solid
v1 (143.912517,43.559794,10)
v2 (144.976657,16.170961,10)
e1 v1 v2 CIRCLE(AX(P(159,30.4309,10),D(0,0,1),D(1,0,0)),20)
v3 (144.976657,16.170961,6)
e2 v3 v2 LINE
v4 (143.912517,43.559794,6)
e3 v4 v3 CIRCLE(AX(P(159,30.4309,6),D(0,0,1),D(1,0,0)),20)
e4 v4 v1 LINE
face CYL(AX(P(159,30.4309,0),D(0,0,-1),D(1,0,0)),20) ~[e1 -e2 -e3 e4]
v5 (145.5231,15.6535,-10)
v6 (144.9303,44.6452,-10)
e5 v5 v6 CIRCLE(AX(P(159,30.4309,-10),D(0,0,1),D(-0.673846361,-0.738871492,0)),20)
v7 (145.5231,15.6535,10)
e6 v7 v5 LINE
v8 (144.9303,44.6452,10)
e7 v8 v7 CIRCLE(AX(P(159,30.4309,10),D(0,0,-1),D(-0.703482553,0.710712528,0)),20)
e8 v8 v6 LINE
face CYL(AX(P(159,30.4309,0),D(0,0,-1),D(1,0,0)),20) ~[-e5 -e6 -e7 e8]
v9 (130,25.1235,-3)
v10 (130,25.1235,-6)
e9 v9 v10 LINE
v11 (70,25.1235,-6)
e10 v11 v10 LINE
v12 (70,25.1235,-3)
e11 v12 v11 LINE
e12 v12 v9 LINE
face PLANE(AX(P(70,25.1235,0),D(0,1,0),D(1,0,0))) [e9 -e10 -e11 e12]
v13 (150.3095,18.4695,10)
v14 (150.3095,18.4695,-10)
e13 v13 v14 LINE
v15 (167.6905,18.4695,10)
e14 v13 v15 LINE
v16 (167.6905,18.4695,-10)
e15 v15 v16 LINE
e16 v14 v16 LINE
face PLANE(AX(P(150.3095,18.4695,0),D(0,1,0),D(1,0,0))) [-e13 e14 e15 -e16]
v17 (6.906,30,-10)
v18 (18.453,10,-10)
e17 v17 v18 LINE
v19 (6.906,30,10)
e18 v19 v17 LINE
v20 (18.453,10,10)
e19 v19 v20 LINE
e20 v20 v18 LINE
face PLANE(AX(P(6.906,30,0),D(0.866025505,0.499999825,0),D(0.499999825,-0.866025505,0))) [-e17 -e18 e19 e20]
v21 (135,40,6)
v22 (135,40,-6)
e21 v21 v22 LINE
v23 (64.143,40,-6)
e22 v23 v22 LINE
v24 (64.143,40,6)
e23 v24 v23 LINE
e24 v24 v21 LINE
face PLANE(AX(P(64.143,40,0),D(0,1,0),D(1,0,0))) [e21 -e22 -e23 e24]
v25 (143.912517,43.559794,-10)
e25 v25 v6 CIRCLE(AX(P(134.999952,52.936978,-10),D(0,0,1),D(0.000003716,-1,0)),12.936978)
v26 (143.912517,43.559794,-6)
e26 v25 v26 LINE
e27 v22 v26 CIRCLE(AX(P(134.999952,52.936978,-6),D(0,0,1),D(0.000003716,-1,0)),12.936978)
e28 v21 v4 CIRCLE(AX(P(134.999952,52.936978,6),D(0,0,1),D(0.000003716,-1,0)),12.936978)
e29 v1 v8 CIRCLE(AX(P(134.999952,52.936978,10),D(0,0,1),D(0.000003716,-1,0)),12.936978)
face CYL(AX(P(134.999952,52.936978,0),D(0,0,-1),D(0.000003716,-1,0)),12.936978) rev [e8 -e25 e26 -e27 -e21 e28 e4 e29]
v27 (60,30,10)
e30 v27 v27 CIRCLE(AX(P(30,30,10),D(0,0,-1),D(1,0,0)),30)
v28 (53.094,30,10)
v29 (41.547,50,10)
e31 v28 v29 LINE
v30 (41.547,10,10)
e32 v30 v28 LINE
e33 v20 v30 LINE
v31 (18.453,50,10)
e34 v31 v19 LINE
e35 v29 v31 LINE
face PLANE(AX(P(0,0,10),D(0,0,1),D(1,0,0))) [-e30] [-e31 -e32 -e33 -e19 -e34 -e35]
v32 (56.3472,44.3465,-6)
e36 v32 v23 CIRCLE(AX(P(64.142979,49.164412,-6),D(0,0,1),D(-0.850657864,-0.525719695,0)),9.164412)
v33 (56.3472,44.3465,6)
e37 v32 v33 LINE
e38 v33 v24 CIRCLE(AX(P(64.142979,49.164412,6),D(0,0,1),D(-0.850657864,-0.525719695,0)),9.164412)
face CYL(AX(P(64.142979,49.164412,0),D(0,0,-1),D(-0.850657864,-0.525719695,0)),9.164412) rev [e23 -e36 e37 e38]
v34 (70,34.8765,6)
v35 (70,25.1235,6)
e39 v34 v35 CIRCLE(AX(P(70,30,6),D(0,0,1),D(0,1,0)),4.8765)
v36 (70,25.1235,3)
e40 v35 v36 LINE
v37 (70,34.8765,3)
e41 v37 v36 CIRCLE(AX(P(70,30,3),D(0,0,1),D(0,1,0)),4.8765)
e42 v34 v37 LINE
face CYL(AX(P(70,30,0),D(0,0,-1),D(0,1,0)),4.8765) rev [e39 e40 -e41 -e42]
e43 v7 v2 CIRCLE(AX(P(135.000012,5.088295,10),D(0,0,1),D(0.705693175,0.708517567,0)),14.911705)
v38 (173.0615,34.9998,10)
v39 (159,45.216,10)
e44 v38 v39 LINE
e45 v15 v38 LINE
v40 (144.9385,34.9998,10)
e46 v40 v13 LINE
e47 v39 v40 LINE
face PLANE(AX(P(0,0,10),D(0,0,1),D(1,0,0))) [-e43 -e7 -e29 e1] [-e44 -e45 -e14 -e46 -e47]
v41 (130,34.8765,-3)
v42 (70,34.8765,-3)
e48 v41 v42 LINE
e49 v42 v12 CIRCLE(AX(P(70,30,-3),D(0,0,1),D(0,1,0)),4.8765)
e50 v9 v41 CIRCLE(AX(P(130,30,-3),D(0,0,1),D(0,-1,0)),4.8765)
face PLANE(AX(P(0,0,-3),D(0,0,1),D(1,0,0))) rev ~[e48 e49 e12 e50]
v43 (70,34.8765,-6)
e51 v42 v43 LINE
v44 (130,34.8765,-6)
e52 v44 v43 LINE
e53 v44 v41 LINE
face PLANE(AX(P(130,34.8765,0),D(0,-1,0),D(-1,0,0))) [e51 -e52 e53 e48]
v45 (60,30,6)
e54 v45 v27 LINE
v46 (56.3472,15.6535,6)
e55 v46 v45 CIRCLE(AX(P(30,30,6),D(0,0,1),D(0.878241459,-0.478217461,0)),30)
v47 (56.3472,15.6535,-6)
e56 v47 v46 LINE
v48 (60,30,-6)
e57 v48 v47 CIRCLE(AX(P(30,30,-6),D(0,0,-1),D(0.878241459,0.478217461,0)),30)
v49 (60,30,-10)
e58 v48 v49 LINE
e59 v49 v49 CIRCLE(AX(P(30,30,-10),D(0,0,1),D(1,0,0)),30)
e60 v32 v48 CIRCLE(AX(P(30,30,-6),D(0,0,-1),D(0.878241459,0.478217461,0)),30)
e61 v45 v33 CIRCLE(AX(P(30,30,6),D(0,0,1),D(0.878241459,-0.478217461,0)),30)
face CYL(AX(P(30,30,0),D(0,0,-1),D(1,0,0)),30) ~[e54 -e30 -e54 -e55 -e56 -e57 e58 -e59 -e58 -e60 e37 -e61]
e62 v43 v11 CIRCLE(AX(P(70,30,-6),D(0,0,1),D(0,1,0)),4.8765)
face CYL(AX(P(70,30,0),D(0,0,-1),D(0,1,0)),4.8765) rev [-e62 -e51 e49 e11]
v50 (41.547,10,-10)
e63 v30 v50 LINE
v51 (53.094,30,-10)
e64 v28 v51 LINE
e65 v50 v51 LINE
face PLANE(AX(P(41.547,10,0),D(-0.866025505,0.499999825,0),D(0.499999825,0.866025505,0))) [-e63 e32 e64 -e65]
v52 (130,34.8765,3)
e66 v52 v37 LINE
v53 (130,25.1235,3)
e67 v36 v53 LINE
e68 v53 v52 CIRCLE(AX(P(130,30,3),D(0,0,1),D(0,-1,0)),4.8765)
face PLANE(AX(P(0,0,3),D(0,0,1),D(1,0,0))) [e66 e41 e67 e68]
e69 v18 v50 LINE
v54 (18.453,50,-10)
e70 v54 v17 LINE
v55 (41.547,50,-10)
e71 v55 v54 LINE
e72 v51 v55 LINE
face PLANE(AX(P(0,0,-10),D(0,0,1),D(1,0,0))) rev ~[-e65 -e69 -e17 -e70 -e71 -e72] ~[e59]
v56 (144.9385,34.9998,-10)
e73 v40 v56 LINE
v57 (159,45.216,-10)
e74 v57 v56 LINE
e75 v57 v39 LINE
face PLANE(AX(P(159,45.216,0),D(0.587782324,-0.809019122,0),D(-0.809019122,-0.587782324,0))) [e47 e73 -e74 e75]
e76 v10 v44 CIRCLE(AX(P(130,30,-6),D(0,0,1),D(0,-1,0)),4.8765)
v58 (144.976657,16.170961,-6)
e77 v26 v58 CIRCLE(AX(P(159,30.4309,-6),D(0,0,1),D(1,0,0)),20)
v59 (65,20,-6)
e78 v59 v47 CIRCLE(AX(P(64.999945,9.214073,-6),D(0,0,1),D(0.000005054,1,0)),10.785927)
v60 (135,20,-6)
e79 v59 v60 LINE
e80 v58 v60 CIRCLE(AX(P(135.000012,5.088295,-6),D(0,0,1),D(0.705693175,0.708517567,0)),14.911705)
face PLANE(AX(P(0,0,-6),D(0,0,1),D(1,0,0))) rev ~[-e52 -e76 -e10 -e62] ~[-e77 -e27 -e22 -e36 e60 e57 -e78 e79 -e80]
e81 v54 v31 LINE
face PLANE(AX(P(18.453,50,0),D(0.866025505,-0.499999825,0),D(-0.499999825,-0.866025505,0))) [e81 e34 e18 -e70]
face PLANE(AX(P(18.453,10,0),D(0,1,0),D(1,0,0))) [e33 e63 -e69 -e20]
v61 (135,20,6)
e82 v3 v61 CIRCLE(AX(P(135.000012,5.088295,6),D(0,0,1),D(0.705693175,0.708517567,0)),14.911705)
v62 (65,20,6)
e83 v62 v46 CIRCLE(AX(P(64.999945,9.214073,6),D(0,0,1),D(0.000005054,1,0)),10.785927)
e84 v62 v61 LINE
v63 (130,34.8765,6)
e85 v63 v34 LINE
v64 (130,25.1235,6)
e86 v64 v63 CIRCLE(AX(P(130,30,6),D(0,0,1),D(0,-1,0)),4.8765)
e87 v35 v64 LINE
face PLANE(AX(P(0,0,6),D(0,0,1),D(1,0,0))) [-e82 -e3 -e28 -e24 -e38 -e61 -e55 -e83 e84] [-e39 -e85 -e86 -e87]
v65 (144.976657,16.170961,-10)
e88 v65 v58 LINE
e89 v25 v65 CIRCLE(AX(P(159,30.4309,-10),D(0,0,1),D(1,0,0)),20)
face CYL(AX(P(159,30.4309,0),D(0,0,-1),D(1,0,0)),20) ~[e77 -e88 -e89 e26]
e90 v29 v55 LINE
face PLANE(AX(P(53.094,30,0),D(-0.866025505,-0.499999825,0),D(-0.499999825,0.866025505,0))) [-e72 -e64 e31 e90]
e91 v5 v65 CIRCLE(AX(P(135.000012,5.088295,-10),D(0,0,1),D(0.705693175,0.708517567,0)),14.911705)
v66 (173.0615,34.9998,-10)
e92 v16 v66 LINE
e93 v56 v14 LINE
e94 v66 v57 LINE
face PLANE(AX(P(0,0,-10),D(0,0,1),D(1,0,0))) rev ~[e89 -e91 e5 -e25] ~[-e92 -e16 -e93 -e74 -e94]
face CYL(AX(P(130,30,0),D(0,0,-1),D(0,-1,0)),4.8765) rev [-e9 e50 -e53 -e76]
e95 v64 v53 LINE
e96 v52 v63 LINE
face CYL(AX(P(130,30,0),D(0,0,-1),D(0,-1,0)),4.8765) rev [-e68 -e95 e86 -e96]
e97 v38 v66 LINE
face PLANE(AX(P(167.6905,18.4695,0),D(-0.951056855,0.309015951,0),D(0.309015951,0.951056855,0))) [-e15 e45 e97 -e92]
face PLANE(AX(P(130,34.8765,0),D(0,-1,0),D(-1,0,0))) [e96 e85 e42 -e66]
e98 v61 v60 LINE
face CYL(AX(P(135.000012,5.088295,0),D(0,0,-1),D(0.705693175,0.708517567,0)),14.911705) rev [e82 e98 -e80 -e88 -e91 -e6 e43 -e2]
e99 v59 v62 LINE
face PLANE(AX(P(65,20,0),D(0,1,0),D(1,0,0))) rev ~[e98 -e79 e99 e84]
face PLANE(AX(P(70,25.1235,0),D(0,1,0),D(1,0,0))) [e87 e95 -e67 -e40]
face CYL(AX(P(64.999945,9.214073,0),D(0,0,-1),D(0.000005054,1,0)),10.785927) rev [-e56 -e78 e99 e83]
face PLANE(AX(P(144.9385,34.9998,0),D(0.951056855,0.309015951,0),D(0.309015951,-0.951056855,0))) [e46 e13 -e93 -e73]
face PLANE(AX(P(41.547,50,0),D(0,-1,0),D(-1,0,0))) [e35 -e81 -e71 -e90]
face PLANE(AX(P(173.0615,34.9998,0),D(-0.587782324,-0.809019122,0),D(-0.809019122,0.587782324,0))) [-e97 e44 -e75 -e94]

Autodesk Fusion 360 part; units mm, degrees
sketch "Sketch1" plane through (0, 0, 0) normal (0, 0, 1) x (1, 0, 0)
  circle A0 centre (30, 30) radius 30
  line L0 (64.143, 40) -> (135, 40)
  line L1 (65, 20) -> (135, 20)
  circle A1 centre (159, 30.4309) radius 20
  line L2 (130, 34.8765) -> (70, 34.8765)
  arc A2 (70, 34.8765) -> (70, 25.1235) centre (70, 30) ccw
  line L3 (70, 25.1235) -> (130, 25.1235)
  arc A3 (130, 25.1235) -> (130, 34.8765) centre (130, 30) ccw
  line L4 (130, 30) -> (70, 30) construction
  line L5 (18.453, 50) -> (6.906, 30)
  line L6 (6.906, 30) -> (18.453, 10)
  line L7 (18.453, 10) -> (41.547, 10)
  line L8 (41.547, 10) -> (53.094, 30)
  line L9 (53.094, 30) -> (41.547, 50)
  line L10 (41.547, 50) -> (18.453, 50)
  line L11 (159, 45.216) -> (144.9385, 34.9998)
  line L12 (144.9385, 34.9998) -> (150.3095, 18.4695)
  line L13 (150.3095, 18.4695) -> (167.6905, 18.4695)
  line L14 (167.6905, 18.4695) -> (173.0615, 34.9998)
  line L15 (173.0615, 34.9998) -> (159, 45.216)
  arc A4 (56.3472, 44.3465) -> (64.143, 40) centre (64.143, 49.1644) ccw
  arc A5 (65, 20) -> (56.3472, 15.6535) centre (65, 9.2141) ccw
  arc A6 (145.5231, 15.6535) -> (135, 20) centre (135, 5.0883) ccw
  arc A7 (135, 40) -> (144.9303, 44.6452) centre (135, 52.937) ccw
  point P0 (30, 30)
  point P1 (159, 30.4309)
  point P2 (159, 45.216)
  point P3 (159, 30.4309)
extrude "Extrude1" add sketch "Sketch1" along normal mid plane 12 contours A0 L0 L1 A1 A4 A5 A6 A7
extrude "Extrude2" add sketch "Sketch1" along normal mid plane 20 contours A0 | A1 A6 A7
extrude "Extrude3" add sketch "Sketch1" along normal mid plane 6 contours L2 A2 L3 A3
